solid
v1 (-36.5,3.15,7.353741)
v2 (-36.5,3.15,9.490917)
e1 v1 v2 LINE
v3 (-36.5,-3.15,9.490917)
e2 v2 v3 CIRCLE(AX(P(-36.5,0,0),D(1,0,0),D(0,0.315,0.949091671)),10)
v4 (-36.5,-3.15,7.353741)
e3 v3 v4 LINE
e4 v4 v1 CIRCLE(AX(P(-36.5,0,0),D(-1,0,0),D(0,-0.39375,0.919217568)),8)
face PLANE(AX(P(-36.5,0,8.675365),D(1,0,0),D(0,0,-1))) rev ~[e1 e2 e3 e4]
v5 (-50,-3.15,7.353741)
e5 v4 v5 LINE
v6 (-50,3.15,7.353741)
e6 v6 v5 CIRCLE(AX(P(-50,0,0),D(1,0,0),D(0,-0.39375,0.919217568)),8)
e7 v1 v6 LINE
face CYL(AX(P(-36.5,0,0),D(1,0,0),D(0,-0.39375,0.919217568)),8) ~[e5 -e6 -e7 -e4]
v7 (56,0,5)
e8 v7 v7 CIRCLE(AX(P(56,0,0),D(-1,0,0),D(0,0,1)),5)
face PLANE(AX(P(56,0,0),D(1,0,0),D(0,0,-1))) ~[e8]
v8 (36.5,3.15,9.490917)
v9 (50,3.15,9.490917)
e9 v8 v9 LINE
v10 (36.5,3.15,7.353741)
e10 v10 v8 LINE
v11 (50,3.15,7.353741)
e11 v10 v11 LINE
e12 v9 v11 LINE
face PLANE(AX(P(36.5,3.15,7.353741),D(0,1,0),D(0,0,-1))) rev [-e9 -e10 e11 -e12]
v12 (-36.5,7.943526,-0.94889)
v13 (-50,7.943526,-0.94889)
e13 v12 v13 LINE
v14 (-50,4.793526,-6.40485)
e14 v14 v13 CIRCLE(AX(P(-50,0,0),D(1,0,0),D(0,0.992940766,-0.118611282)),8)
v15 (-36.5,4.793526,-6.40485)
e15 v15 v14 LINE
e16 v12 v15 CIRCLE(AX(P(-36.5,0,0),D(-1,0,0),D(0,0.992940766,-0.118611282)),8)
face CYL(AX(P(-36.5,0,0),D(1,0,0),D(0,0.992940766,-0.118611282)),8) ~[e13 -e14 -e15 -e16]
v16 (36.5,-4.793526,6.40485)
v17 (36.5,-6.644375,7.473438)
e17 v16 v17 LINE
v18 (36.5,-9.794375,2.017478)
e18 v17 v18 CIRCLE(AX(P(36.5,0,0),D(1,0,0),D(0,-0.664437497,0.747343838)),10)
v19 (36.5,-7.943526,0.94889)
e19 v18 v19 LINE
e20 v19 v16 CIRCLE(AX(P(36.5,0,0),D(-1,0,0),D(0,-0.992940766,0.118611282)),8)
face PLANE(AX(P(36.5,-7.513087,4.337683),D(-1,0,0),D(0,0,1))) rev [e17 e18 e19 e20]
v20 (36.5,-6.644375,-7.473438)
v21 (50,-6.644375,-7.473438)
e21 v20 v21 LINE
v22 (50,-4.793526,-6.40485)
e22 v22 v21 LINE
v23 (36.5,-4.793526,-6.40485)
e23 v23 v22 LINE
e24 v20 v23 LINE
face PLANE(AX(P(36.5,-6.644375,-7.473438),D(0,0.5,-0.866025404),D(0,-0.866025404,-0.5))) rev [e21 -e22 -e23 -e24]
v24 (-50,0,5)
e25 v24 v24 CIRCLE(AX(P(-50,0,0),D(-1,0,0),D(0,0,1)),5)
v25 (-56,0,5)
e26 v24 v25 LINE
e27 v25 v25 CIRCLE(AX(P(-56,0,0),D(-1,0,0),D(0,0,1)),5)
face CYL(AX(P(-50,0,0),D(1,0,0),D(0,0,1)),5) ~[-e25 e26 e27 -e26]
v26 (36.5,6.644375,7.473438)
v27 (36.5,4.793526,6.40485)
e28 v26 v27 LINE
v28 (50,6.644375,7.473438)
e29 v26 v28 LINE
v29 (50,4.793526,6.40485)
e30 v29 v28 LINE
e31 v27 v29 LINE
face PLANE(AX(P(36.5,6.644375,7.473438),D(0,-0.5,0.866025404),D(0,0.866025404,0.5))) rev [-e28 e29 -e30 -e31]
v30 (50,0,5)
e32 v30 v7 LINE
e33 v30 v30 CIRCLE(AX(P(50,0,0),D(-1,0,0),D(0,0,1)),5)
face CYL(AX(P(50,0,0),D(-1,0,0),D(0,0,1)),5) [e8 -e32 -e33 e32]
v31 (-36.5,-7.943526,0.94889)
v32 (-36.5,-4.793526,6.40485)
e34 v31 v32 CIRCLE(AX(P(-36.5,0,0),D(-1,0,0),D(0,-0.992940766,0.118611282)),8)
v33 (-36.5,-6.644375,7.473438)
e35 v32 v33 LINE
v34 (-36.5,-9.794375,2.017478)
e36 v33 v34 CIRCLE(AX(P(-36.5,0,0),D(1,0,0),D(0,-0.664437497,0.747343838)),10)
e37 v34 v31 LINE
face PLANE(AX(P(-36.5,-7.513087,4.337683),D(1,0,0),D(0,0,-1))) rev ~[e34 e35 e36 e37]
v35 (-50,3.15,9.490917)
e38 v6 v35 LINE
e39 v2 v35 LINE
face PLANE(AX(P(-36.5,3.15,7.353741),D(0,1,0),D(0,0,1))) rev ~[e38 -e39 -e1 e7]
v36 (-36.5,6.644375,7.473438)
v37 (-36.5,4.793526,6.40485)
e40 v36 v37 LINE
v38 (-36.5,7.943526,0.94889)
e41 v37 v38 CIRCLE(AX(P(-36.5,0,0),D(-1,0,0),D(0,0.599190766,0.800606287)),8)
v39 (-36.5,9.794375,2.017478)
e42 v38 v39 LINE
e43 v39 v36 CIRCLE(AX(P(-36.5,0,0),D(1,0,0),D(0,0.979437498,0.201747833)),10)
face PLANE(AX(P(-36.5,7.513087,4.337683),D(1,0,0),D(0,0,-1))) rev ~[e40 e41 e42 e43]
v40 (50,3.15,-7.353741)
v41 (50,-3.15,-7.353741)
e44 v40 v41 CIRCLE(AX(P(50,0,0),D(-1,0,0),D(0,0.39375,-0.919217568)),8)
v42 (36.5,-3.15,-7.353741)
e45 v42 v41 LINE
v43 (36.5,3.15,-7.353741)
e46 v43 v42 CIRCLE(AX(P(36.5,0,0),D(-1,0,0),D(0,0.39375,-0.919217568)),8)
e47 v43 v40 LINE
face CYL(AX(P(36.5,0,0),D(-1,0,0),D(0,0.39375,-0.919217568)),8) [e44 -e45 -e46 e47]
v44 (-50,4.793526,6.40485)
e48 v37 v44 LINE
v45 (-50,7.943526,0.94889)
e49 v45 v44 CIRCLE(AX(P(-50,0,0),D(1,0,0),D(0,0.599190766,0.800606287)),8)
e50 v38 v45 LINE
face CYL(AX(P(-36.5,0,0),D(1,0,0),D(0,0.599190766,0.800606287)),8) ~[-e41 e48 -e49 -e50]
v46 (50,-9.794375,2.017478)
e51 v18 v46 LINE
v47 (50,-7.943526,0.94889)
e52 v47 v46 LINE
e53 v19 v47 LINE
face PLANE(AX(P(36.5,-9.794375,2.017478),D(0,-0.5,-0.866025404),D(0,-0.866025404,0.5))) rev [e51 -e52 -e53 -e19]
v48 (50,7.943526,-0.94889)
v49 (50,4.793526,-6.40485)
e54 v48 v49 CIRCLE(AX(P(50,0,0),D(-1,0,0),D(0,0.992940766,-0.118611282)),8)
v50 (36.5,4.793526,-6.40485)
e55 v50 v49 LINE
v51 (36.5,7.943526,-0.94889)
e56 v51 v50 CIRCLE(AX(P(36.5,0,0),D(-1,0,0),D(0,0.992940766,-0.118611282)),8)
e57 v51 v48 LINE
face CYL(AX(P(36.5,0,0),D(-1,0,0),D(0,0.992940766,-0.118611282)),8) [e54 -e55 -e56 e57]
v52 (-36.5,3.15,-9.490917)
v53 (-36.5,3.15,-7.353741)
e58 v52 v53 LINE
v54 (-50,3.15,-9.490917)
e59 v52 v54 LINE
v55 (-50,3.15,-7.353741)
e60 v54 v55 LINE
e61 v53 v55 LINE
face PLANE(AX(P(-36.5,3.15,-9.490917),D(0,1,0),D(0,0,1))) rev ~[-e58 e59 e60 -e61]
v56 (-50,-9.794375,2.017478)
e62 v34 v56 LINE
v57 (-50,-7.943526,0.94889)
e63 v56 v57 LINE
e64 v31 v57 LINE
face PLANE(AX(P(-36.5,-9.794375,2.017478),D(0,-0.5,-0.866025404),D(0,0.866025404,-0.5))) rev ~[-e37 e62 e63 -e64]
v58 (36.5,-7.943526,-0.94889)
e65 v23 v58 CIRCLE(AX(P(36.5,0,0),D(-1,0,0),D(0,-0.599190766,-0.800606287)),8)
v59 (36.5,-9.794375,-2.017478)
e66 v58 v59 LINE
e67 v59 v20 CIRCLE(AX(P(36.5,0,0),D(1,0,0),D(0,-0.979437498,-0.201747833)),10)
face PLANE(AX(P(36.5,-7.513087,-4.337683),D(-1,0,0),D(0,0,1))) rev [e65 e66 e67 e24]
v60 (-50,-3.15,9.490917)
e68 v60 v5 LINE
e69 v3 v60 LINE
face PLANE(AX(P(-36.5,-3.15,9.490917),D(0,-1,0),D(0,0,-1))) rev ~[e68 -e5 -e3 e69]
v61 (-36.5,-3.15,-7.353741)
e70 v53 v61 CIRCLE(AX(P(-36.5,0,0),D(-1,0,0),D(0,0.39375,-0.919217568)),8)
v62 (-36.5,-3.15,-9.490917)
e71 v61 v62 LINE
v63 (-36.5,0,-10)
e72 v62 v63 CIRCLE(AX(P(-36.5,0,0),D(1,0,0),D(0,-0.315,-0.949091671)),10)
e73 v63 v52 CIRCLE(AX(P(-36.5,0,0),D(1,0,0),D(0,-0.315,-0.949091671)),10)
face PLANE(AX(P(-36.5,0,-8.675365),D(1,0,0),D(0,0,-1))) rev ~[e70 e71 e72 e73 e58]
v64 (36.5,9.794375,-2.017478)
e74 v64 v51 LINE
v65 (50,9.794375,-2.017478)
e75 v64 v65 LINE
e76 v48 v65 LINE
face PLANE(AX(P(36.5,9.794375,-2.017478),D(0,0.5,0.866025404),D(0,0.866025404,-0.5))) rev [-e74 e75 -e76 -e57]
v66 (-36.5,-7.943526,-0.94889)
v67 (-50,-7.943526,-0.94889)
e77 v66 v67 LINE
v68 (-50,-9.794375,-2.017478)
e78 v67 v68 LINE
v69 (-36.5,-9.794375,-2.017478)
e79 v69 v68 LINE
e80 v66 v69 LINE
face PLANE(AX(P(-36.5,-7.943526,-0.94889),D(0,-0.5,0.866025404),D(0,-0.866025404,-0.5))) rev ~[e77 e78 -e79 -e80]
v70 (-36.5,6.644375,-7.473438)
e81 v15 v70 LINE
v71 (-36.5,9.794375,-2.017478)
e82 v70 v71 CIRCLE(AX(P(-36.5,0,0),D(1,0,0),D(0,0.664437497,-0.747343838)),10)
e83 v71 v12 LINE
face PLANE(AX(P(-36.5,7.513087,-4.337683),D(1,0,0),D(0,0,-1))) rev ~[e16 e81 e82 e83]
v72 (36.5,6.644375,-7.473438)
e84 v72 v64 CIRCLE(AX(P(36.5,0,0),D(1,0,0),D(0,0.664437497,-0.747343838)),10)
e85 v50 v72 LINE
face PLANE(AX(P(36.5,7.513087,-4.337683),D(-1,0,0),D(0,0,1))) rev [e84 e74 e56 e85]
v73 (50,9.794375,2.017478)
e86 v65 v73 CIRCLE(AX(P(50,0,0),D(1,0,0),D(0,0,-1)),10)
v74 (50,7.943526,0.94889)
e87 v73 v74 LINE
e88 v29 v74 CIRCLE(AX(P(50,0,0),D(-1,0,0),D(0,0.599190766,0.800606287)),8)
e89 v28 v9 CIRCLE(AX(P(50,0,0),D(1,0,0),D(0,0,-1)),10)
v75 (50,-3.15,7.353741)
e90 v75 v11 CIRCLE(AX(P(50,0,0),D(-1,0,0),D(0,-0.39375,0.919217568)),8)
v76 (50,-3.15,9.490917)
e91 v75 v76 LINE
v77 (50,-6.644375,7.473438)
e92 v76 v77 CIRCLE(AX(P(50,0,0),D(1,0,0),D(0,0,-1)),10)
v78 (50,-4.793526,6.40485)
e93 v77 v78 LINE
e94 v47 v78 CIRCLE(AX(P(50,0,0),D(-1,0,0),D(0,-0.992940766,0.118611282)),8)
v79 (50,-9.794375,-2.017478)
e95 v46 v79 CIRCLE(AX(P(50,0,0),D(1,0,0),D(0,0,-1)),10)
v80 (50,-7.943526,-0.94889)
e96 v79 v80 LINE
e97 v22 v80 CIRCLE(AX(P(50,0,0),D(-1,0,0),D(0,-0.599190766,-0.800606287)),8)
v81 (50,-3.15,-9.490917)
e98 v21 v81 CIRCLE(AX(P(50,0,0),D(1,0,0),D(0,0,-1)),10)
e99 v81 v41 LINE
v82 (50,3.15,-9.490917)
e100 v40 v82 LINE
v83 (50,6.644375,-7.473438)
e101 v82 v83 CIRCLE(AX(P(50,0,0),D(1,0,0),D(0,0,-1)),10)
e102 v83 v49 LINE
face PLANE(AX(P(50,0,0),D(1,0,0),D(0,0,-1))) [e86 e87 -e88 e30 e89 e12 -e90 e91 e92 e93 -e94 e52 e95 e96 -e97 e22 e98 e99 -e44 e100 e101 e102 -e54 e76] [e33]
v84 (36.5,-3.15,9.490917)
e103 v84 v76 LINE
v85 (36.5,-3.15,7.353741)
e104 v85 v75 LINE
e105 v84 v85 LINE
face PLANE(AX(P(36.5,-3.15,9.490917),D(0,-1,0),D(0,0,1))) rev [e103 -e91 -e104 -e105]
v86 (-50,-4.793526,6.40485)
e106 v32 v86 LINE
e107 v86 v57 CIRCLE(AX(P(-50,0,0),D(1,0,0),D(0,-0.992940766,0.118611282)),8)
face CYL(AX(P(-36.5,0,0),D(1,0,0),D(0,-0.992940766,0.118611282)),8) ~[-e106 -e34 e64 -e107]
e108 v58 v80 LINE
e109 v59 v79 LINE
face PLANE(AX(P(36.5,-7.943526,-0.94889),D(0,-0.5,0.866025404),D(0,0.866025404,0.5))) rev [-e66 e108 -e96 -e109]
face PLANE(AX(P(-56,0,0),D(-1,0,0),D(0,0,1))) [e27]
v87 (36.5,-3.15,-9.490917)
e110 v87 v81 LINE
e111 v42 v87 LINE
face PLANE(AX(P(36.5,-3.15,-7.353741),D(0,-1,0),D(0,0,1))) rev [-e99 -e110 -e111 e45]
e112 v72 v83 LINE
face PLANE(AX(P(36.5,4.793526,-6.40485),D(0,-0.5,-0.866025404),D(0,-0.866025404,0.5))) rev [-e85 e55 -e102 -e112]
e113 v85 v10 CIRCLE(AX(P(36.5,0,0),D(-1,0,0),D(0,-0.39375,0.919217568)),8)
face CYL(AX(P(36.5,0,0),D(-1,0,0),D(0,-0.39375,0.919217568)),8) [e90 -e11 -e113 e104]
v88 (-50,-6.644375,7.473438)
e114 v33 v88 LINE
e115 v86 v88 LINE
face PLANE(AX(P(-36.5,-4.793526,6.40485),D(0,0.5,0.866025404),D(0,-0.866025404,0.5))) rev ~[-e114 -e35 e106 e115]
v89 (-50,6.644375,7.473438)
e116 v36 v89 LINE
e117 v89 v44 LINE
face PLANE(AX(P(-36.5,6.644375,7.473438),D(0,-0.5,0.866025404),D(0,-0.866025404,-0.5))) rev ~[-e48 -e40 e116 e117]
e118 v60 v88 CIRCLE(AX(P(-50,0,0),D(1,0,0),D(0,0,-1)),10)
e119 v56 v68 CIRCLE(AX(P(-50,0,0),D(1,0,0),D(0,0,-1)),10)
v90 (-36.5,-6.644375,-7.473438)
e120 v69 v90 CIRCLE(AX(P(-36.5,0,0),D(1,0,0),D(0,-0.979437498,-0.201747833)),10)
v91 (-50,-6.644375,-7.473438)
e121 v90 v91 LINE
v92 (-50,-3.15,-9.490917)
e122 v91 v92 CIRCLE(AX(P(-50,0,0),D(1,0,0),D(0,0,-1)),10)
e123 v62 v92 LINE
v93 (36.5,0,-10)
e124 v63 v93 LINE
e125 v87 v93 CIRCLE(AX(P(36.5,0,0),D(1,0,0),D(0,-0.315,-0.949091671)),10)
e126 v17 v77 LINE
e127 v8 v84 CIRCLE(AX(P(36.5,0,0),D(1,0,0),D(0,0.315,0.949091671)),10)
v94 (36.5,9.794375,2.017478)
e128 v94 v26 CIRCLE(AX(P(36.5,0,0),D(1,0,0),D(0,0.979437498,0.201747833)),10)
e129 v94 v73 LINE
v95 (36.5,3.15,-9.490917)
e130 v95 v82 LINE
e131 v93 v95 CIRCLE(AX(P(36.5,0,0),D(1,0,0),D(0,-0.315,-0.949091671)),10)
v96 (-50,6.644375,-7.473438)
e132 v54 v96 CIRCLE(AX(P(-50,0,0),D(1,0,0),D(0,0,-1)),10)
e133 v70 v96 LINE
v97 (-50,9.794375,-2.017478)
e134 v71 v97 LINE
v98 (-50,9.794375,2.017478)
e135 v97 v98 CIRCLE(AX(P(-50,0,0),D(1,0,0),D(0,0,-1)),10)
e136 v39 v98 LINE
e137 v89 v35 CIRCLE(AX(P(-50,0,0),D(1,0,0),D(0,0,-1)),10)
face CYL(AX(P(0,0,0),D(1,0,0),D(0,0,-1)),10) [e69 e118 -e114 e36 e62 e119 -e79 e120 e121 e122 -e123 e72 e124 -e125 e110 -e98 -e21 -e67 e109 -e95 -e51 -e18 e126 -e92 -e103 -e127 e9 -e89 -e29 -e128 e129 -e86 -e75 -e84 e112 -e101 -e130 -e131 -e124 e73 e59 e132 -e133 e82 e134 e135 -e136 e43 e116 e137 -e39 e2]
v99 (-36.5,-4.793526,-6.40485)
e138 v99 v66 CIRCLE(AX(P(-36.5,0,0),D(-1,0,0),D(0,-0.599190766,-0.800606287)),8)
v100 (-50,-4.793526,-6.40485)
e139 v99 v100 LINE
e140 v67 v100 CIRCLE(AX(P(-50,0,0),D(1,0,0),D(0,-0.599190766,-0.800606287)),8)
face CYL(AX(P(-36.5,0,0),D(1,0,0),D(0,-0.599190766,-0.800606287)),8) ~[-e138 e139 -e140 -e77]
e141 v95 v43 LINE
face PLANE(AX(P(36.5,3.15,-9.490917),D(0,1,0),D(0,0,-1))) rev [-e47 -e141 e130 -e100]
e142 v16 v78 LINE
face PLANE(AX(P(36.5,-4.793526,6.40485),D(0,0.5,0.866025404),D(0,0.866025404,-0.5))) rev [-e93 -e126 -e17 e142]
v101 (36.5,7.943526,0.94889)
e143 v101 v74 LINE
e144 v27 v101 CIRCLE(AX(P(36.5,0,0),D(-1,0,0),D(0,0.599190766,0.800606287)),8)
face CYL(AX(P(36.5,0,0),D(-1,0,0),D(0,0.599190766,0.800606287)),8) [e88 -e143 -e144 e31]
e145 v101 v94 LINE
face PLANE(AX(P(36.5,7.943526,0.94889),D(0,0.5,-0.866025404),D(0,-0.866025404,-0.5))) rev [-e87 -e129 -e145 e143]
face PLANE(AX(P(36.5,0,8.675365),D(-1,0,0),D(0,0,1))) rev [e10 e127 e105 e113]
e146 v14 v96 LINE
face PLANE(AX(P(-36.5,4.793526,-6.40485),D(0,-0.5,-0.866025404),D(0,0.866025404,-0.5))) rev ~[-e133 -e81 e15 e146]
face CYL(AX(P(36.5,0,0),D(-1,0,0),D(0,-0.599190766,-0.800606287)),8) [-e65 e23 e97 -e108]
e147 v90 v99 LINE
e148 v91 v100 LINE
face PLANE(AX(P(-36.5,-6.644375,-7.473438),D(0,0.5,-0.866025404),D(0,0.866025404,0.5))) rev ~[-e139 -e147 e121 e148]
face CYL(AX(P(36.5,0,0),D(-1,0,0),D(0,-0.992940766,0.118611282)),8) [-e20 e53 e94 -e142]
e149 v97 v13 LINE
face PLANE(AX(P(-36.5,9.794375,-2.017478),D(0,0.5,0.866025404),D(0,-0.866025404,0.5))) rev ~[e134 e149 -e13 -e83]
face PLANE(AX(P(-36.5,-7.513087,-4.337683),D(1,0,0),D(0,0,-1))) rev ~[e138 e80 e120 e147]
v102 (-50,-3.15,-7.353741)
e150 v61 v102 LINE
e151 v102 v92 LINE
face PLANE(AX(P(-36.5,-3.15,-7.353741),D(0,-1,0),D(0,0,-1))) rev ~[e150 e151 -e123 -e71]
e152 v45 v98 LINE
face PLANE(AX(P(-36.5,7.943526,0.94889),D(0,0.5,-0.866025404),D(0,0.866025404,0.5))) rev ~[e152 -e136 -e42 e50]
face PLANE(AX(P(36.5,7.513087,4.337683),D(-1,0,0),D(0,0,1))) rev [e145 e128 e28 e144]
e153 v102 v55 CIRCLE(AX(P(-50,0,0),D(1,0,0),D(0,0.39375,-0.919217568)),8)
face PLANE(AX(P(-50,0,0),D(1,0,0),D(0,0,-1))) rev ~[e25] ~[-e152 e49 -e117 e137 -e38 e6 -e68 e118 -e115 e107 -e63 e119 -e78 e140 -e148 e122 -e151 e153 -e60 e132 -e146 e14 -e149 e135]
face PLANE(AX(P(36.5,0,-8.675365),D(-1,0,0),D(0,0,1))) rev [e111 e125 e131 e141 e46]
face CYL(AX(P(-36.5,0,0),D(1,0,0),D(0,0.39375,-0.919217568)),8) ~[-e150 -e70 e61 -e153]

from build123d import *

# Parameters (mm, degrees)
SKETCH2_R           = 10
BOSS_EXTRUDE1_DEPTH = 50
CUT_EXTRUDE3_DEPTH  = 88.648445508
SKETCH5_R           = 5
BOSS_EXTRUDE2_DEPTH = 6


with BuildPart() as part:
    # Sketch2 → Boss-Extrude1 (new, symmetric)
    with BuildSketch(Plane(origin=(0, 0, 0), x_dir=(0, 0, -1), z_dir=(1, 0, 0))):
        Circle(SKETCH2_R)
    extrude(amount=BOSS_EXTRUDE1_DEPTH, both=True)

    # Sketch4 → Cut-Extrude3 (cut, through all)
    with BuildSketch(Plane(origin=(-36.5, 0, 0), x_dir=(0, 0, -1), z_dir=(1, 0, 0))):
        with BuildLine():
            Line((7.353740545, -3.15), (9.49091671, -3.15))
            ThreePointArc((9.49091671, -3.15), (10, 0), (9.49091671, 3.15))
            Line((9.49091671, 3.15), (7.353740545, 3.15))
            ThreePointArc((7.353740545, 3.15), (8, 0), (7.353740545, -3.15))
        make_face()
        with BuildLine():
            Line((-7.473438377, 6.644374976), (-6.404850294, 4.793526125))
            ThreePointArc((-6.404850294, 4.793526125), (-4, 6.92820323), (-0.94889025, 7.943526125))
            Line((-0.94889025, 7.943526125), (-2.017478333, 9.794374976))
            ThreePointArc((-2.017478333, 9.794374976), (-5, 8.660254038), (-7.473438377, 6.644374976))
        make_face()
        with BuildLine():
            Line((-9.49091671, -3.15), (-7.353740545, -3.15))
            ThreePointArc((-7.353740545, -3.15), (-8, 0), (-7.353740545, 3.15))
            Line((-7.353740545, 3.15), (-9.49091671, 3.15))
            ThreePointArc((-9.49091671, 3.15), (-10, 0), (-9.49091671, -3.15))
        make_face()
        with BuildLine():
            Line((-2.017478333, -9.794374976), (-0.94889025, -7.943526125))
            ThreePointArc((-0.94889025, -7.943526125), (-4, -6.92820323), (-6.404850294, -4.793526125))
            Line((-6.404850294, -4.793526125), (-7.473438377, -6.644374976))
            ThreePointArc((-7.473438377, -6.644374976), (-5, -8.660254038), (-2.017478333, -9.794374976))
        make_face()
        with BuildLine():
            Line((0.94889025, -7.943526125), (2.017478333, -9.794374976))
            ThreePointArc((2.017478333, -9.794374976), (5, -8.660254038), (7.473438377, -6.644374976))
            Line((7.473438377, -6.644374976), (6.404850294, -4.793526125))
            ThreePointArc((6.404850294, -4.793526125), (4, -6.92820323), (0.94889025, -7.943526125))
        make_face()
        with BuildLine():
            Line((6.404850294, 4.793526125), (7.473438377, 6.644374976))
            ThreePointArc((7.473438377, 6.644374976), (5, 8.660254038), (2.017478333, 9.794374976))
            Line((2.017478333, 9.794374976), (0.94889025, 7.943526125))
            ThreePointArc((0.94889025, 7.943526125), (4, 6.92820323), (6.404850294, 4.793526125))
        make_face()
    cut_extrude3 = extrude(amount=-CUT_EXTRUDE3_DEPTH, mode=Mode.SUBTRACT)

    # Sketch5 → Boss-Extrude2 (add)
    with BuildSketch(Plane.ZY.offset(50)):
        Circle(SKETCH5_R)
    boss_extrude2 = extrude(amount=BOSS_EXTRUDE2_DEPTH)

    # Mirror3: Cut-Extrude3, Boss-Extrude2 across plane
    add(cut_extrude3.mirror(Plane(origin=(0, 0, 0), x_dir=(0, 0, 1), z_dir=(1, 0, 0))), mode=Mode.SUBTRACT)
    add(boss_extrude2.mirror(Plane(origin=(0, 0, 0), x_dir=(0, 0, 1), z_dir=(1, 0, 0))))


solid = part.part
